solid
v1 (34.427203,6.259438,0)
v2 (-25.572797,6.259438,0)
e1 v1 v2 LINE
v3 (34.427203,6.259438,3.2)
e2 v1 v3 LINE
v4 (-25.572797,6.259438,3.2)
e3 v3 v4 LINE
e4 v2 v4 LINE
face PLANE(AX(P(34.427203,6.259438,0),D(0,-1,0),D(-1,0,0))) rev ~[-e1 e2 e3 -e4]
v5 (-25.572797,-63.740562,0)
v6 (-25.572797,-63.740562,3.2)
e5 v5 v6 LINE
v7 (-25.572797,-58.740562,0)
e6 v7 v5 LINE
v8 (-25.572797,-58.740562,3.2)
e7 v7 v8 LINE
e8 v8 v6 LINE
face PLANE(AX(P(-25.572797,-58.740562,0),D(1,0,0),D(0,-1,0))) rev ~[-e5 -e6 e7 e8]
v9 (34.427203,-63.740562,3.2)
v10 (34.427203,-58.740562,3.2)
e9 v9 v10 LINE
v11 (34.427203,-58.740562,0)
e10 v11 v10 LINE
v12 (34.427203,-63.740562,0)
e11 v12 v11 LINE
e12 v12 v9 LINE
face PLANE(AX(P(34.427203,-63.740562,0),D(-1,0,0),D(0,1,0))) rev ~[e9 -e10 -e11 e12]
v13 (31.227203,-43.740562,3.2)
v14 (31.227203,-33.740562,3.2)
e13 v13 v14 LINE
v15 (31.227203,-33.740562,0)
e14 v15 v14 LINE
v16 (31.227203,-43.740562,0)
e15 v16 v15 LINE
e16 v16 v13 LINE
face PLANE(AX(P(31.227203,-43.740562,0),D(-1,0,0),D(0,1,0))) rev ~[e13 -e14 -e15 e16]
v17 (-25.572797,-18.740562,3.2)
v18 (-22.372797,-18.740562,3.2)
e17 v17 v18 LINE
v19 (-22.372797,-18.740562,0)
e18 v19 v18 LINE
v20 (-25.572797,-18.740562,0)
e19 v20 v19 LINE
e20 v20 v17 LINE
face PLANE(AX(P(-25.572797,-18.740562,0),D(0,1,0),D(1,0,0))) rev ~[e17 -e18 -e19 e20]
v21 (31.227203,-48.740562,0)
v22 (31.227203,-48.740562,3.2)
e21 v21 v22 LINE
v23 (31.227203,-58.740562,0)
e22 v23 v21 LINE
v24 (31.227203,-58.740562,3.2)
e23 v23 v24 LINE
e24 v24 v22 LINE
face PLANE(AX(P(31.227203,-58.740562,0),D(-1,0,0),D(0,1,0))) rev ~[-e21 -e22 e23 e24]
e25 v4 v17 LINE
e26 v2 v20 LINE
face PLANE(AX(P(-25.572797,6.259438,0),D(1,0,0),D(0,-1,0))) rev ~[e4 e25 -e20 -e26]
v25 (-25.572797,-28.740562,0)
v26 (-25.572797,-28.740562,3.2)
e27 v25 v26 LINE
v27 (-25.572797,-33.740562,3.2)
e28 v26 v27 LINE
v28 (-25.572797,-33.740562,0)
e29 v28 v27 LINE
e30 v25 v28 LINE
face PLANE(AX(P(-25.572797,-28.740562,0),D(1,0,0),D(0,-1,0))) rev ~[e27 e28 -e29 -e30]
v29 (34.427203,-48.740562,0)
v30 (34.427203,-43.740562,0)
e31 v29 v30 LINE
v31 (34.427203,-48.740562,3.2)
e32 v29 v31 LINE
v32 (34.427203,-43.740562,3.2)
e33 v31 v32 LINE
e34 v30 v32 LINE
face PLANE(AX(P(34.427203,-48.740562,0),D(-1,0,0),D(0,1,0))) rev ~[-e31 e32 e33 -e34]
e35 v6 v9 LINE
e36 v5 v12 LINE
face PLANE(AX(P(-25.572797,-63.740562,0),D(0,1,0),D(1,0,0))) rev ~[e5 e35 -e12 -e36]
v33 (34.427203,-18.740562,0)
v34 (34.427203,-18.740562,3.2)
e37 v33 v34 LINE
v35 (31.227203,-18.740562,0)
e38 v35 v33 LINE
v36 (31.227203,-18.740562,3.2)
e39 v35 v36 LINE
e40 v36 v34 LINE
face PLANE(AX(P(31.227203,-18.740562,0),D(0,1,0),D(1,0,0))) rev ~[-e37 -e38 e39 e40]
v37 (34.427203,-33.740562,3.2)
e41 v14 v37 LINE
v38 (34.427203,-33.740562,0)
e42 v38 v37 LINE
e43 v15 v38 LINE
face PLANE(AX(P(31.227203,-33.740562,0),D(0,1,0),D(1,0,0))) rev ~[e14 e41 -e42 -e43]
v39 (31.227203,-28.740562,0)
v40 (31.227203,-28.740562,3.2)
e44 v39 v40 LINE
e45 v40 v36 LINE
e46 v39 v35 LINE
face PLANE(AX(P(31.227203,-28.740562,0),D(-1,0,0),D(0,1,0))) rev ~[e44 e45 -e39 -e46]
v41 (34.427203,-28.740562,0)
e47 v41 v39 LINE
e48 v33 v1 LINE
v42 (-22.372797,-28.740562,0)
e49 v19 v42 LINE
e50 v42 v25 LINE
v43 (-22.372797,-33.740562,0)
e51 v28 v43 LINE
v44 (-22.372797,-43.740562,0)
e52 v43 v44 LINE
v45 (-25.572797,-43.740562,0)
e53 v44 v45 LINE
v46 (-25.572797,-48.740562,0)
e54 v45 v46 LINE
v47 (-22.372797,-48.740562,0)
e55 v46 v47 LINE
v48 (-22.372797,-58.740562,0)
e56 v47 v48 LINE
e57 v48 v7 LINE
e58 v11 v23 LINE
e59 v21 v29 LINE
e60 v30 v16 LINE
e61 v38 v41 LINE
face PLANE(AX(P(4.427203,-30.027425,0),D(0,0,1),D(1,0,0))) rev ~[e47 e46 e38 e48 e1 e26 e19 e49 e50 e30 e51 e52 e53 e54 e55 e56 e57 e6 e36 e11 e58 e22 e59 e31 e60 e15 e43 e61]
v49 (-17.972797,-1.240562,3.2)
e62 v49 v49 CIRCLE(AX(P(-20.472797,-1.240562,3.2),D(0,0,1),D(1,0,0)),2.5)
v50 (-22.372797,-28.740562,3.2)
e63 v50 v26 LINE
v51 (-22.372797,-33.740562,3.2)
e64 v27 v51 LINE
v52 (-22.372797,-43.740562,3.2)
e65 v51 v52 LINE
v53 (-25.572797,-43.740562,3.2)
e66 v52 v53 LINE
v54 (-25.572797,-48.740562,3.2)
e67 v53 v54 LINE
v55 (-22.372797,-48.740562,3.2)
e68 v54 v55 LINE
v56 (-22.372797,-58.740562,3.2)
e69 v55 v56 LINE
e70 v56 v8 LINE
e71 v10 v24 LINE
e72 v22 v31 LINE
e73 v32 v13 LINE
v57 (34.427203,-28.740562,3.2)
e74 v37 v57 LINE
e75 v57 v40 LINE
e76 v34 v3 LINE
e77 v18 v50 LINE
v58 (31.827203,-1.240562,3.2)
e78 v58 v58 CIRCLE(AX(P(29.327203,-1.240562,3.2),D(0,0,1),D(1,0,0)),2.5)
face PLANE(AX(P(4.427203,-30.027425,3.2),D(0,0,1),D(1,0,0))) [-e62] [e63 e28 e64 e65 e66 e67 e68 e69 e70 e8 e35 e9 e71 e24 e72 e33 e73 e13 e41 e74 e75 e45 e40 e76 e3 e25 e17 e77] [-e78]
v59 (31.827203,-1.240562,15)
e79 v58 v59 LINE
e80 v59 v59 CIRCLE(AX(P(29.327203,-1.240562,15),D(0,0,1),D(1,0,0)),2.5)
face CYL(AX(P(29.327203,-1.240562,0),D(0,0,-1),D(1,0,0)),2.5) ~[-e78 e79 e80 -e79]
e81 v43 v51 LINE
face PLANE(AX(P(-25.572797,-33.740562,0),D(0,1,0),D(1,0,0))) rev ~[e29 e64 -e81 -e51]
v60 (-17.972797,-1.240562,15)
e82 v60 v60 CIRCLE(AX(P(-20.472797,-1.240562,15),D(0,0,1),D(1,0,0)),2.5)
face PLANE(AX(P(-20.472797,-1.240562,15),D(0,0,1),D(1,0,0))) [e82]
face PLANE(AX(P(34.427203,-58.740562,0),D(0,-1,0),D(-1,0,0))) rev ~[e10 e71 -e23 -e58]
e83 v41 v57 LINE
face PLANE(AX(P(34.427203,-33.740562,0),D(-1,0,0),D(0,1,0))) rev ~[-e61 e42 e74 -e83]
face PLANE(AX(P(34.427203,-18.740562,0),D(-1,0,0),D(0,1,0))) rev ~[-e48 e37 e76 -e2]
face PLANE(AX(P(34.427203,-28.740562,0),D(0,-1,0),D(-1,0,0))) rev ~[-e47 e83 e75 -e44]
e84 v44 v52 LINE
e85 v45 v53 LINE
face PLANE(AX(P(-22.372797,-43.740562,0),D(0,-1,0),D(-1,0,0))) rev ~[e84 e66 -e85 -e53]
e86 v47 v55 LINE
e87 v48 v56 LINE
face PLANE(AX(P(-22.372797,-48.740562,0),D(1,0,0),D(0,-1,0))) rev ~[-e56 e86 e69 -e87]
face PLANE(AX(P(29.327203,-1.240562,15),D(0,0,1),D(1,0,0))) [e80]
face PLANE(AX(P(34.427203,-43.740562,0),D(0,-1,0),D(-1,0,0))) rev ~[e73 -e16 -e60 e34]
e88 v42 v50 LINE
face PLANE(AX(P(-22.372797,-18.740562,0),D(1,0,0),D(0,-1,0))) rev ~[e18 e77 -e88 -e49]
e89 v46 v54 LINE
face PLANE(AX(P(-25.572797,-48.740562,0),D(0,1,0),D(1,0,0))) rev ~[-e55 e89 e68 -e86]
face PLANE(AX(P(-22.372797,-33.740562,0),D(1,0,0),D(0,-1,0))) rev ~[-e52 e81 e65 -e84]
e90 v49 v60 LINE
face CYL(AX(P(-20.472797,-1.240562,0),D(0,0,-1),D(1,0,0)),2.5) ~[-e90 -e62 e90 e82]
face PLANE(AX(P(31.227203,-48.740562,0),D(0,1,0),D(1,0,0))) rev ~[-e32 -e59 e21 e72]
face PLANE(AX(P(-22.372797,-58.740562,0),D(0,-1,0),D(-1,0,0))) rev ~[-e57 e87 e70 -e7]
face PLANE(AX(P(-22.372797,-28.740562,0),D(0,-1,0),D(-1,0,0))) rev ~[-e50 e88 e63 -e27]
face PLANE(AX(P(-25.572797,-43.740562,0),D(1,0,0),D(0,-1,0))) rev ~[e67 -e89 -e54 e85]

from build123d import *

# Parameters (mm, degrees)
F0_R     = 2.5
F1_DEPTH = 3.2
F2_DEPTH = 15


with BuildPart() as f1:
    # F0 (on Top) → F1 (new body)
    with BuildSketch(Plane.XY):
        Polygon((34.427203, 6.259438), (-25.572797, 6.259438), (-25.572797, -18.740562), (-22.372797, -18.740562), (-22.372797, -28.740562), (-25.572797, -28.740562), (-25.572797, -33.740562), (-22.372797, -33.740562), (-22.372797, -43.740562), (-25.572797, -43.740562), (-25.572797, -48.740562), (-22.372797, -48.740562), (-22.372797, -58.740562), (-25.572797, -58.740562), (-25.572797, -63.740562), (34.427203, -63.740562), (34.427203, -58.740562), (31.227203, -58.740562), (31.227203, -48.740562), (34.427203, -48.740562), (34.427203, -43.740562), (31.227203, -43.740562), (31.227203, -33.740562), (34.427203, -33.740562), (34.427203, -28.740562), (31.227203, -28.740562), (31.227203, -18.740562), (34.427203, -18.740562), align=None)
        with Locations((-20.472797, -1.240562)):
            Circle(F0_R, mode=Mode.SUBTRACT)
        with Locations((29.327203, -1.240562)):
            Circle(F0_R, mode=Mode.SUBTRACT)
    extrude(amount=F1_DEPTH)

    # F0 (on Top) → F2 (join)
    with BuildSketch(Plane.XY):
        with Locations((29.327203, -1.240562)):
            Circle(F0_R)
        with Locations((-20.472797, -1.240562)):
            Circle(F0_R)
    extrude(amount=F2_DEPTH)


solid = f1.part
